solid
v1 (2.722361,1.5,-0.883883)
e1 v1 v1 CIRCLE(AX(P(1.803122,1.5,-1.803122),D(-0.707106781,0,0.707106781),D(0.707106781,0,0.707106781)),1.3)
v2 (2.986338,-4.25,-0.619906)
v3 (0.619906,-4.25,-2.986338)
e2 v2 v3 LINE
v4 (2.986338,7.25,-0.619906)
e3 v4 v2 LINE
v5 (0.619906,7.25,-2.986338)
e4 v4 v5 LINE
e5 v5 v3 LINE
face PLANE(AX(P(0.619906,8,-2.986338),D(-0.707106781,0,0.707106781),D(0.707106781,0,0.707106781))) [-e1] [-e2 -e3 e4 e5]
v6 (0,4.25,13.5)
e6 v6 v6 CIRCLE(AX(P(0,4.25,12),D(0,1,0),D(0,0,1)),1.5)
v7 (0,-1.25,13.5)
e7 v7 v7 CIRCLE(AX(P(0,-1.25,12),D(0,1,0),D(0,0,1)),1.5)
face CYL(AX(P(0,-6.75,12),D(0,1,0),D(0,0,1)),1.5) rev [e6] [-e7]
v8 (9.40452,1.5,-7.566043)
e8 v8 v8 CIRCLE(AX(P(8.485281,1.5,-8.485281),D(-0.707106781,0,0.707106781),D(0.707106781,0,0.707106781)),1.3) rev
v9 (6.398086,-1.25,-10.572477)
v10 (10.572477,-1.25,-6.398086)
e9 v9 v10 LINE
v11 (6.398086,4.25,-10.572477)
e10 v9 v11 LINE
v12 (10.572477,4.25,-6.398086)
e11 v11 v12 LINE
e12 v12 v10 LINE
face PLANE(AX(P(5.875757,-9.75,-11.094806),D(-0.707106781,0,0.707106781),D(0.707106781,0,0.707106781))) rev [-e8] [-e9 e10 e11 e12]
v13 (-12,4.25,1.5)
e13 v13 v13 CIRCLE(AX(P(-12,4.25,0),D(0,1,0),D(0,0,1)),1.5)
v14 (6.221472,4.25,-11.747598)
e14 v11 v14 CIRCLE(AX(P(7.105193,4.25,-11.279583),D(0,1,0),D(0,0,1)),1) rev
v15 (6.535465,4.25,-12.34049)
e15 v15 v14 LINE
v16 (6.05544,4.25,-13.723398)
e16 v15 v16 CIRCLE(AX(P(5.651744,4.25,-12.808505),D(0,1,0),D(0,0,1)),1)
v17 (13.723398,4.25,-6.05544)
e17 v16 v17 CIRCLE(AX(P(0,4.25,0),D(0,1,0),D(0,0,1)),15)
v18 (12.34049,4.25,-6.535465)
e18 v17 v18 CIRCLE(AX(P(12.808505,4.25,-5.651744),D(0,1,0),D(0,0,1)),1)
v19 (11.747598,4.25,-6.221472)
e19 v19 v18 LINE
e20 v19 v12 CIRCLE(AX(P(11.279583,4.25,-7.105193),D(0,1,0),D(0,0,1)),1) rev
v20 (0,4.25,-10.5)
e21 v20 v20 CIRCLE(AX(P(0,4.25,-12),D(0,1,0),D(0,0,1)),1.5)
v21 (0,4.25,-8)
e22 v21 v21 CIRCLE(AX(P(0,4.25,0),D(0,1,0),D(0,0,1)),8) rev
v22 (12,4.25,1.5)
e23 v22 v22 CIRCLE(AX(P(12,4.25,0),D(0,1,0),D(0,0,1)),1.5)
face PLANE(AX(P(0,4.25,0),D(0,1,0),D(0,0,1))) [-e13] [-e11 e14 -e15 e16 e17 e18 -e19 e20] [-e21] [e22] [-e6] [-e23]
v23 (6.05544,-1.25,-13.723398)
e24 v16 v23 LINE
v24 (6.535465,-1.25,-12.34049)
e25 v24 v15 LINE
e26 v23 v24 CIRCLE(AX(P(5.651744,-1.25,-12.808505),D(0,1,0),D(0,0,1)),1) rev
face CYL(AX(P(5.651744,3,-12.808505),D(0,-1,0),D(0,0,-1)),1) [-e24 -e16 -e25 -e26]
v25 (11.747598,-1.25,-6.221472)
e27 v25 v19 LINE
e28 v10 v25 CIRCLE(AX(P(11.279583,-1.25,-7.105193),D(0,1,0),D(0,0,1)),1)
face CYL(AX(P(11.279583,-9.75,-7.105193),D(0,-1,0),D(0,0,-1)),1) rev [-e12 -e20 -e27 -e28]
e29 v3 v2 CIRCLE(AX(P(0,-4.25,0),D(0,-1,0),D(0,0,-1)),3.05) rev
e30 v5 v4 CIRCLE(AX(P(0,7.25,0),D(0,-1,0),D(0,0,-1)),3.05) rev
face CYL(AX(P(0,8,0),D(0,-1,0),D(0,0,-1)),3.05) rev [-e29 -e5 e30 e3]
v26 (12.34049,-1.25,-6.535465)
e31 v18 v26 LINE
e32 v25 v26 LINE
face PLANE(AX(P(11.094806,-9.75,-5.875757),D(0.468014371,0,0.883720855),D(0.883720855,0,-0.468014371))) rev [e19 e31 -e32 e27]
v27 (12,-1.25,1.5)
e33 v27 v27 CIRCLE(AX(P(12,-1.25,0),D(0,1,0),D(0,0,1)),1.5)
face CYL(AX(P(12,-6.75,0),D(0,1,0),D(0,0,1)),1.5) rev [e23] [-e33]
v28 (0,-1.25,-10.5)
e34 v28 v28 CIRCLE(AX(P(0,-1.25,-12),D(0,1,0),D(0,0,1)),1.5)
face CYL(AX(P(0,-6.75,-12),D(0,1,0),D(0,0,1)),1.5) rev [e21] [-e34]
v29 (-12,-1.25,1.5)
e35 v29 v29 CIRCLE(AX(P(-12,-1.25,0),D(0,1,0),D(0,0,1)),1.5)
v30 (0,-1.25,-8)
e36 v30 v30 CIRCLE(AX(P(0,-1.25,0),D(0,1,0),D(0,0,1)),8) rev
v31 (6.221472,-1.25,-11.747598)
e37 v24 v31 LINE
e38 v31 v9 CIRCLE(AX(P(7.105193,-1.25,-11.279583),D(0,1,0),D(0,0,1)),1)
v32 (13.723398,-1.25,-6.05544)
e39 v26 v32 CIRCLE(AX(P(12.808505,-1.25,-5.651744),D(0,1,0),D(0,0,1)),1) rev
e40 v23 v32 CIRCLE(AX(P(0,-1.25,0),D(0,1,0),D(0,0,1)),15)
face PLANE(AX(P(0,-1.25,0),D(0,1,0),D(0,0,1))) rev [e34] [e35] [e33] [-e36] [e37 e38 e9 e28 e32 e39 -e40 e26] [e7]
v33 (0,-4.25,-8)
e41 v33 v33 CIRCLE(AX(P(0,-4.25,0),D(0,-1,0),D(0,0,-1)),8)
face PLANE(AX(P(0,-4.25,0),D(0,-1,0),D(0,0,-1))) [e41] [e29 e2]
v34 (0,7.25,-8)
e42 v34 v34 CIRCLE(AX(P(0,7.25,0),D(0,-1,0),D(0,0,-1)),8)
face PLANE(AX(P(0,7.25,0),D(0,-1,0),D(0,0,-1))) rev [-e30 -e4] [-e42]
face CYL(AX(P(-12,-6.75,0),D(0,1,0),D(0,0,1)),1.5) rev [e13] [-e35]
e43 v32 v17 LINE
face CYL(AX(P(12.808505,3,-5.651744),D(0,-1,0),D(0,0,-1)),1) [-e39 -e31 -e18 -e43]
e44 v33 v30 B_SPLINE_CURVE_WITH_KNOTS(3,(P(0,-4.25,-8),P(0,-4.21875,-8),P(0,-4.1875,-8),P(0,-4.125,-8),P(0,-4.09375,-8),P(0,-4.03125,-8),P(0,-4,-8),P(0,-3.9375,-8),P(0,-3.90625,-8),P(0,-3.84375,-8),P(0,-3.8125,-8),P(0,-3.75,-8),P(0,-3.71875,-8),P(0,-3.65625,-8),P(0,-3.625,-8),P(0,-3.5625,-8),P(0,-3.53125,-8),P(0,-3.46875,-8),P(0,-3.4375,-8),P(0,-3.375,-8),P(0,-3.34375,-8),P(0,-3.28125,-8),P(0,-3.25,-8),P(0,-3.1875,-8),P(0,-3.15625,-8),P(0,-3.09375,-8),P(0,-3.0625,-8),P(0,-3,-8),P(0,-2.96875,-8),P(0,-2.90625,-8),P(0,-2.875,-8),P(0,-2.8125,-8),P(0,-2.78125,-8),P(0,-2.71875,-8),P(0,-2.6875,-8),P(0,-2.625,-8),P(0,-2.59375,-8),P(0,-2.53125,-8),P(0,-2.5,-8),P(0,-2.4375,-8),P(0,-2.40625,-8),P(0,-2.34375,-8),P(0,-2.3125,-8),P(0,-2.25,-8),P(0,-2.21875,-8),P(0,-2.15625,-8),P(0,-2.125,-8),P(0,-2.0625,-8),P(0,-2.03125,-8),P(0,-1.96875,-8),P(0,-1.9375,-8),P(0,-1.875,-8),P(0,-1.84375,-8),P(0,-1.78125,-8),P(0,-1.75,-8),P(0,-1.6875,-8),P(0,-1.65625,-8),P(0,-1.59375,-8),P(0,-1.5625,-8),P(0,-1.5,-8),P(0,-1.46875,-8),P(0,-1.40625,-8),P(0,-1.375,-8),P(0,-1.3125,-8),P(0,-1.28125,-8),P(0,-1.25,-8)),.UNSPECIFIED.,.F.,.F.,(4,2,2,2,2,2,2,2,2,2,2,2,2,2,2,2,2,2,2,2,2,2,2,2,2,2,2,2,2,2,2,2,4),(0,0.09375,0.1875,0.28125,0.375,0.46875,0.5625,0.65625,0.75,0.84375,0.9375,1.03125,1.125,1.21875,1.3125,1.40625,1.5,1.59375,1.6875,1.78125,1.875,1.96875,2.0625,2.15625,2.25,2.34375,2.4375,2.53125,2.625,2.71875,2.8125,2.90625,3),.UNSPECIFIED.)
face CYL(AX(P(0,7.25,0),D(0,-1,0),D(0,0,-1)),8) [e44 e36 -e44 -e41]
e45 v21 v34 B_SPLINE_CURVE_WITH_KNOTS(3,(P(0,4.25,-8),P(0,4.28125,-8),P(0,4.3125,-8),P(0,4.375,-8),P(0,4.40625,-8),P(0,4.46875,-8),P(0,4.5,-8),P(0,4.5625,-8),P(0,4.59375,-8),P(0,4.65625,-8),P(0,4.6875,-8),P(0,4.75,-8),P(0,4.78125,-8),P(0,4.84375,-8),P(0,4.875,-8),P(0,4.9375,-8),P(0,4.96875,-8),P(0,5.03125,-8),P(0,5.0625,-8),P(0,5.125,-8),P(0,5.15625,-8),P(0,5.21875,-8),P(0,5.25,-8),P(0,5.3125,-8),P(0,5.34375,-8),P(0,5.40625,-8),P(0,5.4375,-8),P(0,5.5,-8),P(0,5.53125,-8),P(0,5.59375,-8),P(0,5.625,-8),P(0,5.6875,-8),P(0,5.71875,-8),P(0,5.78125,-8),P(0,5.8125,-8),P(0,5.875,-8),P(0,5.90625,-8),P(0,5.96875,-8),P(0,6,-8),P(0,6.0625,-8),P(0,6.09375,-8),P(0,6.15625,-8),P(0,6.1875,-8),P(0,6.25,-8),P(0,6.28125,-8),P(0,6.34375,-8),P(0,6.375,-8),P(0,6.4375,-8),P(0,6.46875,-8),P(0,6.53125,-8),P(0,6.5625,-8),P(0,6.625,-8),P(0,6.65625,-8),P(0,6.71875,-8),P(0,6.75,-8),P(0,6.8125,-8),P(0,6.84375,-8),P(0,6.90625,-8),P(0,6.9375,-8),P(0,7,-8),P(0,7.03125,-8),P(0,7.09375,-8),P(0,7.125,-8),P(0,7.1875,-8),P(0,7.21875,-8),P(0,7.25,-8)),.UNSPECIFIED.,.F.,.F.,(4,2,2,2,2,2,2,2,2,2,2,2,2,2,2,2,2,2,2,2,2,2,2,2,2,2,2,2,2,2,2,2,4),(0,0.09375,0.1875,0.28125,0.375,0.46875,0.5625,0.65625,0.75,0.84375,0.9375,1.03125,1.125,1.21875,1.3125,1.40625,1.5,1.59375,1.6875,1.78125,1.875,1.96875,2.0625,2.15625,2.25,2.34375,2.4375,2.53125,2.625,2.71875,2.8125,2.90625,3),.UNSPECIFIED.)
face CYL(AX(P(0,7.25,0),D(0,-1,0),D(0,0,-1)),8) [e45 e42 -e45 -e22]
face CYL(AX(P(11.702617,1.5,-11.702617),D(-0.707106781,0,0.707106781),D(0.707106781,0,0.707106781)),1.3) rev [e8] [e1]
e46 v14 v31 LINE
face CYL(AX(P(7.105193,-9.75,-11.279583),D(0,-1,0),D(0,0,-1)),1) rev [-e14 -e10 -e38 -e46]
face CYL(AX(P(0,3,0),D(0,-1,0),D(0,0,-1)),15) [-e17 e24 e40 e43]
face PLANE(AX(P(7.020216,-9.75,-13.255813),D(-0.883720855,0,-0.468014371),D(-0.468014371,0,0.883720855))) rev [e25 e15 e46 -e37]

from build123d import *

# Parameters (mm, degrees)
SKETCH_1_R               = 15
SKETCH_1_R_2             = 2
SKETCH_1_R_3             = 1.5
EXTRUDE_1_DEPTH          = 3
EXTRUDE_2_DEPTH          = 4.25
EXTRUDE_2_DEPTH_BACK     = 7.25
SKETCH_2_R               = 8
EXTRUDE_3_DEPTH          = 1.25
EXTRUDE_3_DEPTH_BACK     = 4.25
SKETCH_5_R               = 15
CUT_EXTRUDE_1_DEPTH      = 5
CUT_EXTRUDE_1_DEPTH_BACK = 16.5
SKETCH_6_R               = 1.3
CUT_EXTRUDE_2_DEPTH      = 14
SKETCH_7_R               = 1.5
CUT_EXTRUDE_4_DEPTH      = 14
CUT_EXTRUDE_START        = -14
CUT_EXTRUDE_5_DEPTH      = 14
FILLET_1_R               = 1


with BuildPart() as part:
    # 草图1 → 凸台-拉伸1 (new body)
    with BuildSketch(Plane(origin=(0, 0, 0), x_dir=(1, 0, 0), z_dir=(0, 1, 0))):
        with Locations(Location((0, 0, 0), (0, 0, 270))):
            Circle(SKETCH_1_R)
        with Locations(Location((0, 0, 0), (0, 0, 270))):
            Circle(SKETCH_1_R_2, mode=Mode.SUBTRACT)
        with Locations(Location((0, 6, 0), (0, 0, 270))):
            Circle(SKETCH_1_R_3, mode=Mode.SUBTRACT)
        with Locations(Location((6, 0, 0), (0, 0, 270))):
            Circle(SKETCH_1_R_3, mode=Mode.SUBTRACT)
        with Locations(Location((0, -6, 0), (0, 0, 270))):
            Circle(SKETCH_1_R_3, mode=Mode.SUBTRACT)
        with Locations(Location((-6, 0, 0), (0, 0, 270))):
            Circle(SKETCH_1_R_3, mode=Mode.SUBTRACT)
        with Locations(Location((0, 12, 0), (0, 0, 270))):
            Circle(SKETCH_1_R_3, mode=Mode.SUBTRACT)
        with Locations(Location((12, 0, 0), (0, 0, 270))):
            Circle(SKETCH_1_R_3, mode=Mode.SUBTRACT)
        with Locations(Location((0, -12, 0), (0, 0, 270))):
            Circle(SKETCH_1_R_3, mode=Mode.SUBTRACT)
        with Locations(Location((-12, 0, 0), (0, 0, 270))):
            Circle(SKETCH_1_R_3, mode=Mode.SUBTRACT)
    extrude(amount=EXTRUDE_1_DEPTH)

    # 草图2 → 凸台-拉伸2 (add, two sides: drawn at the far end of the back side and taken through both)
    with BuildSketch(Plane.XZ.offset(-EXTRUDE_2_DEPTH_BACK)):
        with Locations(Location((0, 0, 0), (0, 0, 270))):
            Circle(SKETCH_2_R)
    extrude(amount=EXTRUDE_2_DEPTH + EXTRUDE_2_DEPTH_BACK)

    # 草图5 → 凸台-拉伸3 (add, two sides: drawn at the far end of the back side and taken through both)
    with BuildSketch(Plane(origin=(0, 3, 0), x_dir=(1, 0, 0), z_dir=(0, 1, 0)).offset(-EXTRUDE_3_DEPTH_BACK)):
        with Locations(Location((0, 0, 0), (0, 0, 270))):
            Circle(SKETCH_5_R)
    extrude(amount=EXTRUDE_3_DEPTH + EXTRUDE_3_DEPTH_BACK)

    # 草图3 → 切除-拉伸1 (cut, two sides: drawn at the far end of the back side and taken through both)
    with BuildSketch(Plane(origin=(0, 3, 0), x_dir=(1, 0, 0), z_dir=(0, 1, 0)).offset(-CUT_EXTRUDE_1_DEPTH_BACK)):
        with BuildLine():
            Line((0.619906335, 2.986338249), (2.986338249, 0.619906335))
            ThreePointArc((2.986338249, 0.619906335), (-2.156675683, -2.156675683), (0.619906335, 2.986338249))
        make_face()
    extrude(amount=CUT_EXTRUDE_1_DEPTH + CUT_EXTRUDE_1_DEPTH_BACK, mode=Mode.SUBTRACT)

    # 草图6 → 切除-拉伸2 (cut)
    with BuildSketch(Plane(origin=(1.803122292, 0, -1.803122292), x_dir=(0.7071067811865465, 0, 0.7071067811865486), z_dir=(-0.7071067811865486, 0, 0.7071067811865465))):
        with Locations((0, 1.5)):
            Circle(SKETCH_6_R)
    extrude(amount=-CUT_EXTRUDE_2_DEPTH, mode=Mode.SUBTRACT)

    # 草图7 → 切除-拉伸4 (cut)
    with BuildSketch(Plane(origin=(0, 7.25, 0), x_dir=(1, 0, 0), z_dir=(0, 1, 0))):
        with Locations(Location((0, 12, 0), (0, 0, 270))):
            Circle(SKETCH_7_R)
        with Locations(Location((-12, 0, 0), (0, 0, 270))):
            Circle(SKETCH_7_R)
        with Locations(Location((12, 0, 0), (0, 0, 270))):
            Circle(SKETCH_7_R)
        with Locations(Location((0, -12, 0), (0, 0, 270))):
            Circle(SKETCH_7_R)
    extrude(amount=-CUT_EXTRUDE_4_DEPTH, mode=Mode.SUBTRACT)

    # 草图8 → 切除-拉伸5 (cut)
    with BuildSketch(Plane(origin=(0, 4.25, 0), x_dir=(1, 0, 0), z_dir=(0, 1, 0)).offset(CUT_EXTRUDE_START)):
        with BuildLine():
            Line((7.02021556, 13.255812819), (5.875756654, 11.094806094))
            Line((5.875756654, 11.094806094), (11.094806094, 5.875756654))
            Line((11.094806094, 5.875756654), (13.255812819, 7.02021556))
            ThreePointArc((13.255812819, 7.02021556), (10.606601718, 10.606601718), (7.02021556, 13.255812819))
        make_face()
    extrude(amount=CUT_EXTRUDE_5_DEPTH, mode=Mode.SUBTRACT)

    # 圆角1
    fillet_1_edges = [part.edges().sort_by_distance(p)[0] for p in [
        (13.255812819, 1.5, -7.02021556),
        (5.875756654, 1.5, -11.094806094),
        (7.02021556, 1.5, -13.255812819),
        (11.094806094, 1.5, -5.875756654),
    ]]
    fillet(fillet_1_edges, radius=FILLET_1_R)


solid = part.part
